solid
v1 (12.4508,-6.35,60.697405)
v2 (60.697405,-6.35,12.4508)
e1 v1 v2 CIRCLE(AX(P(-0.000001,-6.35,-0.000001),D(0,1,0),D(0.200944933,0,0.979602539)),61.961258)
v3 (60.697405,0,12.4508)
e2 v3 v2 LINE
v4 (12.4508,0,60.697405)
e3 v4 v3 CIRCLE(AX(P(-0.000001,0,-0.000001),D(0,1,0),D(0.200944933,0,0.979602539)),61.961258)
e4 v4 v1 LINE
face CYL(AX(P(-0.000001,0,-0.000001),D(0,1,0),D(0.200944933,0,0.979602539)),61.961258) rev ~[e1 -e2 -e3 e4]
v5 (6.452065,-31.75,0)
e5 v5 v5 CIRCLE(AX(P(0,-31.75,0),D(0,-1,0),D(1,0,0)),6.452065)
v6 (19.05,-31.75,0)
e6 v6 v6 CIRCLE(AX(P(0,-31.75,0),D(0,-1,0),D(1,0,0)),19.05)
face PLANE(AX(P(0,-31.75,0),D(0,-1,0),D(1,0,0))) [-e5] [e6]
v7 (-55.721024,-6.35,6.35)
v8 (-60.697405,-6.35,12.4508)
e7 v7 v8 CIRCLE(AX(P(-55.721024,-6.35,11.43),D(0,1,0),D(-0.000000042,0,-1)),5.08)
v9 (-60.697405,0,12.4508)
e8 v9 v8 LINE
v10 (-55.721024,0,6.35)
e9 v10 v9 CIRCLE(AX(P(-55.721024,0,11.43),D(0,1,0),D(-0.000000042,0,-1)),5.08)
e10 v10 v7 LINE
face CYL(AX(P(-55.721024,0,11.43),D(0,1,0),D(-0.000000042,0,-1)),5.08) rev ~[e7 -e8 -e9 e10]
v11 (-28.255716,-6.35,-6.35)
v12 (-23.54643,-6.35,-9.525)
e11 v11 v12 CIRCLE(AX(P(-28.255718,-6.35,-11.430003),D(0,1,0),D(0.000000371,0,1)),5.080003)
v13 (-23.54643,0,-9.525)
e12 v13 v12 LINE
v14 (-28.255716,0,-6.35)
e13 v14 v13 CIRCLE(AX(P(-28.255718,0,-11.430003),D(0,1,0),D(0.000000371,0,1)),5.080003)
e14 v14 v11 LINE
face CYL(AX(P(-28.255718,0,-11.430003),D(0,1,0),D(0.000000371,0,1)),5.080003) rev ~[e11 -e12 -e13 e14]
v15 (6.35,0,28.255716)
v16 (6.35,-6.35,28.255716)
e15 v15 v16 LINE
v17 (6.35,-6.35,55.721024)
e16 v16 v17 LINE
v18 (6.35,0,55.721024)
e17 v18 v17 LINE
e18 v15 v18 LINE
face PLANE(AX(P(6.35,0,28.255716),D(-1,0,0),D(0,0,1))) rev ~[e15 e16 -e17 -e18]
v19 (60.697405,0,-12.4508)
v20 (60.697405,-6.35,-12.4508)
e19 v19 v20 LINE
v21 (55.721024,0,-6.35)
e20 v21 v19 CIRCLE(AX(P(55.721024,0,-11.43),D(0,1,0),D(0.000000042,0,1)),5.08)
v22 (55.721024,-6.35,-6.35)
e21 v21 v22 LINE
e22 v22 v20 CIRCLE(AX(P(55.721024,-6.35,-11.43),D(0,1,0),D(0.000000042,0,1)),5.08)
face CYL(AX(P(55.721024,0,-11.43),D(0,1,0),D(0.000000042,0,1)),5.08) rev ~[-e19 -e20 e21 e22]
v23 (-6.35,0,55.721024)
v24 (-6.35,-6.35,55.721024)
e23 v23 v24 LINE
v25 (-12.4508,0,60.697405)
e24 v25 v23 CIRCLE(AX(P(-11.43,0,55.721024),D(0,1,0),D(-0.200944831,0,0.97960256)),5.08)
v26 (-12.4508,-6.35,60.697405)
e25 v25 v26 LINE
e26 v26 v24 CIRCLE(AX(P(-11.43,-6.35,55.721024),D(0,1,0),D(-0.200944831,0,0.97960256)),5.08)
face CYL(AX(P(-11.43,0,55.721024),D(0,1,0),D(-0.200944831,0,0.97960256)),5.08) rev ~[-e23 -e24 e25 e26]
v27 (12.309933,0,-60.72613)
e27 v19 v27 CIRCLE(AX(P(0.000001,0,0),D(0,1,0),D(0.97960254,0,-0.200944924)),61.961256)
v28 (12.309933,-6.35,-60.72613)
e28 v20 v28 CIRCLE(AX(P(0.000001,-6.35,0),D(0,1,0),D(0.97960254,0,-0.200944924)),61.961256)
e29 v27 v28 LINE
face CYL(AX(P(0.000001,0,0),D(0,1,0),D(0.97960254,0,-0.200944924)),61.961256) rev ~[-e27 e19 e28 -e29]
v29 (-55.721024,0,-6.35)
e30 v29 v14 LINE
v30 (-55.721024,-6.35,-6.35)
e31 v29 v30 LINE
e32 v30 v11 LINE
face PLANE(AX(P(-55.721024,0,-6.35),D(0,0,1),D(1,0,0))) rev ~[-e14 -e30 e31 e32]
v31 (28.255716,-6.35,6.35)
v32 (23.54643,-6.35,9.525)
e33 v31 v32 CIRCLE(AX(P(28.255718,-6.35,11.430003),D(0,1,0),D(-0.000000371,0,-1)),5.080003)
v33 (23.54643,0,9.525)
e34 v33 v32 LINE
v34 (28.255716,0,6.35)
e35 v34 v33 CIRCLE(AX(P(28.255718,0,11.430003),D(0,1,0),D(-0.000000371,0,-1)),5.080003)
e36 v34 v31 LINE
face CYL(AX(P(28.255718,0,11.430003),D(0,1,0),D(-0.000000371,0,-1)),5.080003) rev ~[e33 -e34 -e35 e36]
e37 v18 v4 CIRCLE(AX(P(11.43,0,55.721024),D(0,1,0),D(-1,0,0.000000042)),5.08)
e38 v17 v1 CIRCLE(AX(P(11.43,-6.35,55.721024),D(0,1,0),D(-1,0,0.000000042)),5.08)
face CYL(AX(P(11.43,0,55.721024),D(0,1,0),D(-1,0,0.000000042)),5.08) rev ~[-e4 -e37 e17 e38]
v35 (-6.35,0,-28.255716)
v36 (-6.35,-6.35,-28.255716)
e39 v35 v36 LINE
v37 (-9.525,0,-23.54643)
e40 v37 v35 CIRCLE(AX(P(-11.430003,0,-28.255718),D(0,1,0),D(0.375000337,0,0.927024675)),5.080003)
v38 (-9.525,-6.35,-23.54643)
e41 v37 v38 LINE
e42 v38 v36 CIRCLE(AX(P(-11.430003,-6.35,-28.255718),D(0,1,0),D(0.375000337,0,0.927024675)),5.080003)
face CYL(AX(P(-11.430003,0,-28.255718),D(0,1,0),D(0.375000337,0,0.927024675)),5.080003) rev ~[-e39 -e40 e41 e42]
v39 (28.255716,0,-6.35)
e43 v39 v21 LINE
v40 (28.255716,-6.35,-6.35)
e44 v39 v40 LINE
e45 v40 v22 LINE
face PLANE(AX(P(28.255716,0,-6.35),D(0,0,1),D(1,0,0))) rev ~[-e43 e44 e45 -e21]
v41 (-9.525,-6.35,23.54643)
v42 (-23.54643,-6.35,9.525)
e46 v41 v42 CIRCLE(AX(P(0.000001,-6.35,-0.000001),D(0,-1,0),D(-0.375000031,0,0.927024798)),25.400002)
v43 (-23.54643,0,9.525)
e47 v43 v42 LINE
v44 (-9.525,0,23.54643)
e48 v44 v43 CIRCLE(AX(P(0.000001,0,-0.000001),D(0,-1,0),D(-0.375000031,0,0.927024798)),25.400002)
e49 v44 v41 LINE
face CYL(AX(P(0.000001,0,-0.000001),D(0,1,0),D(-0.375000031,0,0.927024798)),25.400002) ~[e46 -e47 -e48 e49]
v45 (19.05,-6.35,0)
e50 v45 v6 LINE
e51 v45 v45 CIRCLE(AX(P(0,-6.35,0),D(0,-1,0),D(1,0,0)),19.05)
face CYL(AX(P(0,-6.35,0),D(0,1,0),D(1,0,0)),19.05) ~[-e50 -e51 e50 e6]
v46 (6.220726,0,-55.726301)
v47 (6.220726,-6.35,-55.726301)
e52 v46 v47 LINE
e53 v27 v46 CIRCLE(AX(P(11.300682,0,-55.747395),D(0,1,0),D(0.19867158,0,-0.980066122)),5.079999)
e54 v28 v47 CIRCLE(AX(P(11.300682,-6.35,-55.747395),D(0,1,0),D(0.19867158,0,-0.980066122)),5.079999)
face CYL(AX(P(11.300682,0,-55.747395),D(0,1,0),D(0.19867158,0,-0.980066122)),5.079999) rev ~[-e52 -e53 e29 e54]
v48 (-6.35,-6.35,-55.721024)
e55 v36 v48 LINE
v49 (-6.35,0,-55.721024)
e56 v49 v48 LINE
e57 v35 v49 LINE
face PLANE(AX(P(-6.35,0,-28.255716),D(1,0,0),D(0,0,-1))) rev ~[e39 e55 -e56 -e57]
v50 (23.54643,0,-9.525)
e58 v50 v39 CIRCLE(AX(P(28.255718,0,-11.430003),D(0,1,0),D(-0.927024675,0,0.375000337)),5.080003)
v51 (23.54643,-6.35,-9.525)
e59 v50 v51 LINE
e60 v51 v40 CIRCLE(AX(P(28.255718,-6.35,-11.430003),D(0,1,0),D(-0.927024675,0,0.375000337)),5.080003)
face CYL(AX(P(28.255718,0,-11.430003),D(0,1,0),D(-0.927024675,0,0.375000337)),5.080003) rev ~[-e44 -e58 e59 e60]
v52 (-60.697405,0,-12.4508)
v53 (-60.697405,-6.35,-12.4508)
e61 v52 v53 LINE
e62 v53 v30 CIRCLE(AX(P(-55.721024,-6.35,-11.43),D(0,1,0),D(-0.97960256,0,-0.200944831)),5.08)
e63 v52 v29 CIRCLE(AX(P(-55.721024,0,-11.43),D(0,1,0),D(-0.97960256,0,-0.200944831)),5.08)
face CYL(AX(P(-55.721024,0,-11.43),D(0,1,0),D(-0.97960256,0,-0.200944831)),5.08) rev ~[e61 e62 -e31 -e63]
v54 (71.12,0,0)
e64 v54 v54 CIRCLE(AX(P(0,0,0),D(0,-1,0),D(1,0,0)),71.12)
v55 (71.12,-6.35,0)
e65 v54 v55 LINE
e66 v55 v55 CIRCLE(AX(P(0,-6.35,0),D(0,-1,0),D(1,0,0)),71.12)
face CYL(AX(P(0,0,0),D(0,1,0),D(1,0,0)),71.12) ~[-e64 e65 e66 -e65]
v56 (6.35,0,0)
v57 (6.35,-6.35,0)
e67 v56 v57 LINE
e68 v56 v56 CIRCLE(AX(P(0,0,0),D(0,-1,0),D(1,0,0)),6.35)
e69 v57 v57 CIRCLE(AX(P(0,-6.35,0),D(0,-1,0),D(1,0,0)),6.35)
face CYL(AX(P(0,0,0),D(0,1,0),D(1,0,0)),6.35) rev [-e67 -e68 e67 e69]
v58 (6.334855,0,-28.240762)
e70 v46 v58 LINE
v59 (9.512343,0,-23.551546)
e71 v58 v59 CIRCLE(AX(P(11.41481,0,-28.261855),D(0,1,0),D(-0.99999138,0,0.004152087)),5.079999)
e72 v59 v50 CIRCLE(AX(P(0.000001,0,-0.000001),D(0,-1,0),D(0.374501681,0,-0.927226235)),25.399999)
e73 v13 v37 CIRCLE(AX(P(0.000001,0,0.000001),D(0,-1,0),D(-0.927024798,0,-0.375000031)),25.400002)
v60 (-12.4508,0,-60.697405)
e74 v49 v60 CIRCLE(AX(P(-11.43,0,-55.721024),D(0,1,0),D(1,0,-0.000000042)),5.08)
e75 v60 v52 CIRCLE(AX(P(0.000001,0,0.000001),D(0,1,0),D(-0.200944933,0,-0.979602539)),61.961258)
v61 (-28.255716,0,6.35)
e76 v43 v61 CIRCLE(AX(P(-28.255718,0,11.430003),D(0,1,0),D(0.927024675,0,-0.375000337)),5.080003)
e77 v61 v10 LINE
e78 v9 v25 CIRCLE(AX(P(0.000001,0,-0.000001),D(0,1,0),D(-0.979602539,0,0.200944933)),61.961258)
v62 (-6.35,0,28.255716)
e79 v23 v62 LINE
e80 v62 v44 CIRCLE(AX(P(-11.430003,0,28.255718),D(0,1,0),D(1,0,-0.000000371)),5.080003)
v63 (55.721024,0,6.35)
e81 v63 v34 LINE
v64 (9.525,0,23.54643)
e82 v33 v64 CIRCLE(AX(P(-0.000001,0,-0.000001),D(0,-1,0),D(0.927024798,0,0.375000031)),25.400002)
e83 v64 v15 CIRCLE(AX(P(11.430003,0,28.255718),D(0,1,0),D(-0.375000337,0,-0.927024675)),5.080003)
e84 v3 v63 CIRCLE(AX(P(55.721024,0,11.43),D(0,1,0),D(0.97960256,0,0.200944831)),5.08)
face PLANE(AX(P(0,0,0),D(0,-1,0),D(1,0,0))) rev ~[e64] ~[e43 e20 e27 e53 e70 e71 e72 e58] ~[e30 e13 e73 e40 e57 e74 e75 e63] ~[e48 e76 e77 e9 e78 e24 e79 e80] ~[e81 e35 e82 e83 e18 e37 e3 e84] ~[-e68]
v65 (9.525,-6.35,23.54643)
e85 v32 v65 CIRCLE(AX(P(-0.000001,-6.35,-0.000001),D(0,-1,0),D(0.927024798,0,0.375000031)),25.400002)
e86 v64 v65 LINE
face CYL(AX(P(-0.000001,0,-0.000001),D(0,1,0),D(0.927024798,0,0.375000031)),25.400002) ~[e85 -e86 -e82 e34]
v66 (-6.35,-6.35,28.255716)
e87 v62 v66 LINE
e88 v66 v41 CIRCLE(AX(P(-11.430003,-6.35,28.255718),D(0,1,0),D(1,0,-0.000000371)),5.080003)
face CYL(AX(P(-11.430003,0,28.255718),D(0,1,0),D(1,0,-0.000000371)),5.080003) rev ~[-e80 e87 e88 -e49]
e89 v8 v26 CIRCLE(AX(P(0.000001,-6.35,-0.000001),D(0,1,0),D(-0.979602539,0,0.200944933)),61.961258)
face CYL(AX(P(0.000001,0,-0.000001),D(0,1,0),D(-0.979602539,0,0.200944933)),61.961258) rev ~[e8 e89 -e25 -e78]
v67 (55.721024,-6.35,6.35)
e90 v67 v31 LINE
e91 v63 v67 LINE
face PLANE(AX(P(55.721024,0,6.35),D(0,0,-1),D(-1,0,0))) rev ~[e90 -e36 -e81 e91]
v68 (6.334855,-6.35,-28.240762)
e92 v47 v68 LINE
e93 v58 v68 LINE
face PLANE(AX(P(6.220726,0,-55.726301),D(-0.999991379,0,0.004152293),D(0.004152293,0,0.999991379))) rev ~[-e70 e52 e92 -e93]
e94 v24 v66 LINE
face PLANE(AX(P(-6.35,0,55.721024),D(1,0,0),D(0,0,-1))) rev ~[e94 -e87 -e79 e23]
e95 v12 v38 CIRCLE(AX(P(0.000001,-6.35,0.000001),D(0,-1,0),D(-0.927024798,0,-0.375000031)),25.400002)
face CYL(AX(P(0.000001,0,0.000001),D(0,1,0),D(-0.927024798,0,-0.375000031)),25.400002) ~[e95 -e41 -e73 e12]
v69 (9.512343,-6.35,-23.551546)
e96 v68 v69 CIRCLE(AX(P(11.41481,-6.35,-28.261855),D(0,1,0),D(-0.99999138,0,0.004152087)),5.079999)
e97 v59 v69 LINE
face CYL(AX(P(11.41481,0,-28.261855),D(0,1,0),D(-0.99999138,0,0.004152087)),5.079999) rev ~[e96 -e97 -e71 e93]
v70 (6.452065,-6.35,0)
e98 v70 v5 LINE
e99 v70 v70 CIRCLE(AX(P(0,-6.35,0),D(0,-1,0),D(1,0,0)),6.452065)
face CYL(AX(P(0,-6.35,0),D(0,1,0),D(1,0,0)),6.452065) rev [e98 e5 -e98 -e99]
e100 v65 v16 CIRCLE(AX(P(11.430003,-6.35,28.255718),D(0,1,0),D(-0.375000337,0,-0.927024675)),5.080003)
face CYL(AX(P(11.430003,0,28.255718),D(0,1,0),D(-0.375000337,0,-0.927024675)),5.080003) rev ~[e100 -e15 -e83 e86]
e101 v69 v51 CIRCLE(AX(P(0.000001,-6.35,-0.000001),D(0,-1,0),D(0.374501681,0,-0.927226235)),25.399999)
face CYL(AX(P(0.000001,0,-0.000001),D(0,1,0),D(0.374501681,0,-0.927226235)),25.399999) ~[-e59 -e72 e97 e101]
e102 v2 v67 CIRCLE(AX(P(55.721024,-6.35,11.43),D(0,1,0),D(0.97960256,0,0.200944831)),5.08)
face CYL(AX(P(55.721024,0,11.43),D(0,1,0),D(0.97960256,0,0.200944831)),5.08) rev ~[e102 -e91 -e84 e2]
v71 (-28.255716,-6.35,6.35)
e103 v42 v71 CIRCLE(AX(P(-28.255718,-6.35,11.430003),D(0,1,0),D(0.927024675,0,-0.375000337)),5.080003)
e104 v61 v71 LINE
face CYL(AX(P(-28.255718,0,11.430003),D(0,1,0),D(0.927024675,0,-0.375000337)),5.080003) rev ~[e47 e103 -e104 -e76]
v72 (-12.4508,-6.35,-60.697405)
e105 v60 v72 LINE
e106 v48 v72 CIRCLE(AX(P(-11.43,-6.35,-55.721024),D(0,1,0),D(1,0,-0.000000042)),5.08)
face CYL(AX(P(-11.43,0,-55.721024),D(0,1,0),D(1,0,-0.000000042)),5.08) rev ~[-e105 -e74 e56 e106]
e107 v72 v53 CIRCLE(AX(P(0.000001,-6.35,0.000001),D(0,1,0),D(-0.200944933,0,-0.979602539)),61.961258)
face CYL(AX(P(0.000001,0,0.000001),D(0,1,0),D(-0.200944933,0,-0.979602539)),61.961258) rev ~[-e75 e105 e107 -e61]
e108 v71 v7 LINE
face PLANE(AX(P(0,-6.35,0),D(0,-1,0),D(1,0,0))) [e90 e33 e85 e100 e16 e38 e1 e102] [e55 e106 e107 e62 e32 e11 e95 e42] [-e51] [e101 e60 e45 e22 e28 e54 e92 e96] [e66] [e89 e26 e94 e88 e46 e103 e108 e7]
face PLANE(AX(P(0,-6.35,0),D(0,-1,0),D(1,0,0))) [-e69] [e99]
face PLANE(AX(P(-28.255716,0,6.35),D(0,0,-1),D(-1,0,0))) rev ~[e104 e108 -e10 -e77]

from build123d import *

# Parameters (mm, degrees)
F0_R     = 71.12
F0_R_2   = 6.35
F1_DEPTH = 6.35
F2_R     = 19.05
F2_R_2   = 6.452065
F3_DEPTH = 25.4


with BuildPart() as f1:
    # F0 (on Front) → F1 (new body)
    with BuildSketch(Plane.XZ):
        Circle(F0_R)
        with BuildLine():
            ThreePointArc((-9.525, -23.54643), (-7.217887, -25.41591), (-6.35, -28.255716))
            Line((-6.35, -28.255716), (-6.35, -55.721024))
            ThreePointArc((-6.35, -55.721024), (-8.219024, -59.657524), (-12.4508, -60.697405))
            ThreePointArc((-12.4508, -60.697405), (-43.813225, -43.813225), (-60.697405, -12.4508))
            ThreePointArc((-60.697405, -12.4508), (-59.657524, -8.219024), (-55.721024, -6.35))
            Line((-55.721024, -6.35), (-28.255716, -6.35))
            ThreePointArc((-28.255716, -6.35), (-25.41591, -7.217887), (-23.54643, -9.525))
            ThreePointArc((-23.54643, -9.525), (-17.960512, -17.960512), (-9.525, -23.54643))
        make_face(mode=Mode.SUBTRACT)
        Circle(F0_R_2, mode=Mode.SUBTRACT)
        with BuildLine():
            Line((6.220726, -55.726301), (6.334855, -28.240762))
            ThreePointArc((6.334855, -28.240762), (7.209368, -25.41218), (9.512343, -23.551546))
            ThreePointArc((9.512343, -23.551546), (17.955685, -17.965338), (23.54643, -9.525))
            ThreePointArc((23.54643, -9.525), (25.41591, -7.217887), (28.255716, -6.35))
            Line((28.255716, -6.35), (55.721024, -6.35))
            ThreePointArc((55.721024, -6.35), (59.657524, -8.219024), (60.697405, -12.4508))
            ThreePointArc((60.697405, -12.4508), (43.762366, -43.864025), (12.309933, -60.72613))
            ThreePointArc((12.309933, -60.72613), (8.076983, -59.673482), (6.220726, -55.726301))
        make_face(mode=Mode.SUBTRACT)
        with BuildLine():
            ThreePointArc((-60.697405, 12.4508), (-43.813225, 43.813225), (-12.4508, 60.697405))
            ThreePointArc((-12.4508, 60.697405), (-8.219024, 59.657524), (-6.35, 55.721024))
            Line((-6.35, 55.721024), (-6.35, 28.255716))
            ThreePointArc((-6.35, 28.255716), (-7.217887, 25.41591), (-9.525, 23.54643))
            ThreePointArc((-9.525, 23.54643), (-17.960512, 17.960512), (-23.54643, 9.525))
            ThreePointArc((-23.54643, 9.525), (-25.41591, 7.217887), (-28.255716, 6.35))
            Line((-28.255716, 6.35), (-55.721024, 6.35))
            ThreePointArc((-55.721024, 6.35), (-59.657524, 8.219024), (-60.697405, 12.4508))
        make_face(mode=Mode.SUBTRACT)
        with BuildLine():
            ThreePointArc((28.255716, 6.35), (25.41591, 7.217887), (23.54643, 9.525))
            ThreePointArc((23.54643, 9.525), (17.960512, 17.960512), (9.525, 23.54643))
            ThreePointArc((9.525, 23.54643), (7.217887, 25.41591), (6.35, 28.255716))
            Line((6.35, 28.255716), (6.35, 55.721024))
            ThreePointArc((6.35, 55.721024), (8.219024, 59.657524), (12.4508, 60.697405))
            ThreePointArc((12.4508, 60.697405), (43.813225, 43.813225), (60.697405, 12.4508))
            ThreePointArc((60.697405, 12.4508), (59.657524, 8.219024), (55.721024, 6.35))
            Line((55.721024, 6.35), (28.255716, 6.35))
        make_face(mode=Mode.SUBTRACT)
    extrude(amount=F1_DEPTH)

    # F2 (on face) → F3 (join)
    with BuildSketch(Plane.XZ.offset(6.35)):
        Circle(F2_R)
        Circle(F2_R_2, mode=Mode.SUBTRACT)
    extrude(amount=F3_DEPTH)


solid = f1.part
